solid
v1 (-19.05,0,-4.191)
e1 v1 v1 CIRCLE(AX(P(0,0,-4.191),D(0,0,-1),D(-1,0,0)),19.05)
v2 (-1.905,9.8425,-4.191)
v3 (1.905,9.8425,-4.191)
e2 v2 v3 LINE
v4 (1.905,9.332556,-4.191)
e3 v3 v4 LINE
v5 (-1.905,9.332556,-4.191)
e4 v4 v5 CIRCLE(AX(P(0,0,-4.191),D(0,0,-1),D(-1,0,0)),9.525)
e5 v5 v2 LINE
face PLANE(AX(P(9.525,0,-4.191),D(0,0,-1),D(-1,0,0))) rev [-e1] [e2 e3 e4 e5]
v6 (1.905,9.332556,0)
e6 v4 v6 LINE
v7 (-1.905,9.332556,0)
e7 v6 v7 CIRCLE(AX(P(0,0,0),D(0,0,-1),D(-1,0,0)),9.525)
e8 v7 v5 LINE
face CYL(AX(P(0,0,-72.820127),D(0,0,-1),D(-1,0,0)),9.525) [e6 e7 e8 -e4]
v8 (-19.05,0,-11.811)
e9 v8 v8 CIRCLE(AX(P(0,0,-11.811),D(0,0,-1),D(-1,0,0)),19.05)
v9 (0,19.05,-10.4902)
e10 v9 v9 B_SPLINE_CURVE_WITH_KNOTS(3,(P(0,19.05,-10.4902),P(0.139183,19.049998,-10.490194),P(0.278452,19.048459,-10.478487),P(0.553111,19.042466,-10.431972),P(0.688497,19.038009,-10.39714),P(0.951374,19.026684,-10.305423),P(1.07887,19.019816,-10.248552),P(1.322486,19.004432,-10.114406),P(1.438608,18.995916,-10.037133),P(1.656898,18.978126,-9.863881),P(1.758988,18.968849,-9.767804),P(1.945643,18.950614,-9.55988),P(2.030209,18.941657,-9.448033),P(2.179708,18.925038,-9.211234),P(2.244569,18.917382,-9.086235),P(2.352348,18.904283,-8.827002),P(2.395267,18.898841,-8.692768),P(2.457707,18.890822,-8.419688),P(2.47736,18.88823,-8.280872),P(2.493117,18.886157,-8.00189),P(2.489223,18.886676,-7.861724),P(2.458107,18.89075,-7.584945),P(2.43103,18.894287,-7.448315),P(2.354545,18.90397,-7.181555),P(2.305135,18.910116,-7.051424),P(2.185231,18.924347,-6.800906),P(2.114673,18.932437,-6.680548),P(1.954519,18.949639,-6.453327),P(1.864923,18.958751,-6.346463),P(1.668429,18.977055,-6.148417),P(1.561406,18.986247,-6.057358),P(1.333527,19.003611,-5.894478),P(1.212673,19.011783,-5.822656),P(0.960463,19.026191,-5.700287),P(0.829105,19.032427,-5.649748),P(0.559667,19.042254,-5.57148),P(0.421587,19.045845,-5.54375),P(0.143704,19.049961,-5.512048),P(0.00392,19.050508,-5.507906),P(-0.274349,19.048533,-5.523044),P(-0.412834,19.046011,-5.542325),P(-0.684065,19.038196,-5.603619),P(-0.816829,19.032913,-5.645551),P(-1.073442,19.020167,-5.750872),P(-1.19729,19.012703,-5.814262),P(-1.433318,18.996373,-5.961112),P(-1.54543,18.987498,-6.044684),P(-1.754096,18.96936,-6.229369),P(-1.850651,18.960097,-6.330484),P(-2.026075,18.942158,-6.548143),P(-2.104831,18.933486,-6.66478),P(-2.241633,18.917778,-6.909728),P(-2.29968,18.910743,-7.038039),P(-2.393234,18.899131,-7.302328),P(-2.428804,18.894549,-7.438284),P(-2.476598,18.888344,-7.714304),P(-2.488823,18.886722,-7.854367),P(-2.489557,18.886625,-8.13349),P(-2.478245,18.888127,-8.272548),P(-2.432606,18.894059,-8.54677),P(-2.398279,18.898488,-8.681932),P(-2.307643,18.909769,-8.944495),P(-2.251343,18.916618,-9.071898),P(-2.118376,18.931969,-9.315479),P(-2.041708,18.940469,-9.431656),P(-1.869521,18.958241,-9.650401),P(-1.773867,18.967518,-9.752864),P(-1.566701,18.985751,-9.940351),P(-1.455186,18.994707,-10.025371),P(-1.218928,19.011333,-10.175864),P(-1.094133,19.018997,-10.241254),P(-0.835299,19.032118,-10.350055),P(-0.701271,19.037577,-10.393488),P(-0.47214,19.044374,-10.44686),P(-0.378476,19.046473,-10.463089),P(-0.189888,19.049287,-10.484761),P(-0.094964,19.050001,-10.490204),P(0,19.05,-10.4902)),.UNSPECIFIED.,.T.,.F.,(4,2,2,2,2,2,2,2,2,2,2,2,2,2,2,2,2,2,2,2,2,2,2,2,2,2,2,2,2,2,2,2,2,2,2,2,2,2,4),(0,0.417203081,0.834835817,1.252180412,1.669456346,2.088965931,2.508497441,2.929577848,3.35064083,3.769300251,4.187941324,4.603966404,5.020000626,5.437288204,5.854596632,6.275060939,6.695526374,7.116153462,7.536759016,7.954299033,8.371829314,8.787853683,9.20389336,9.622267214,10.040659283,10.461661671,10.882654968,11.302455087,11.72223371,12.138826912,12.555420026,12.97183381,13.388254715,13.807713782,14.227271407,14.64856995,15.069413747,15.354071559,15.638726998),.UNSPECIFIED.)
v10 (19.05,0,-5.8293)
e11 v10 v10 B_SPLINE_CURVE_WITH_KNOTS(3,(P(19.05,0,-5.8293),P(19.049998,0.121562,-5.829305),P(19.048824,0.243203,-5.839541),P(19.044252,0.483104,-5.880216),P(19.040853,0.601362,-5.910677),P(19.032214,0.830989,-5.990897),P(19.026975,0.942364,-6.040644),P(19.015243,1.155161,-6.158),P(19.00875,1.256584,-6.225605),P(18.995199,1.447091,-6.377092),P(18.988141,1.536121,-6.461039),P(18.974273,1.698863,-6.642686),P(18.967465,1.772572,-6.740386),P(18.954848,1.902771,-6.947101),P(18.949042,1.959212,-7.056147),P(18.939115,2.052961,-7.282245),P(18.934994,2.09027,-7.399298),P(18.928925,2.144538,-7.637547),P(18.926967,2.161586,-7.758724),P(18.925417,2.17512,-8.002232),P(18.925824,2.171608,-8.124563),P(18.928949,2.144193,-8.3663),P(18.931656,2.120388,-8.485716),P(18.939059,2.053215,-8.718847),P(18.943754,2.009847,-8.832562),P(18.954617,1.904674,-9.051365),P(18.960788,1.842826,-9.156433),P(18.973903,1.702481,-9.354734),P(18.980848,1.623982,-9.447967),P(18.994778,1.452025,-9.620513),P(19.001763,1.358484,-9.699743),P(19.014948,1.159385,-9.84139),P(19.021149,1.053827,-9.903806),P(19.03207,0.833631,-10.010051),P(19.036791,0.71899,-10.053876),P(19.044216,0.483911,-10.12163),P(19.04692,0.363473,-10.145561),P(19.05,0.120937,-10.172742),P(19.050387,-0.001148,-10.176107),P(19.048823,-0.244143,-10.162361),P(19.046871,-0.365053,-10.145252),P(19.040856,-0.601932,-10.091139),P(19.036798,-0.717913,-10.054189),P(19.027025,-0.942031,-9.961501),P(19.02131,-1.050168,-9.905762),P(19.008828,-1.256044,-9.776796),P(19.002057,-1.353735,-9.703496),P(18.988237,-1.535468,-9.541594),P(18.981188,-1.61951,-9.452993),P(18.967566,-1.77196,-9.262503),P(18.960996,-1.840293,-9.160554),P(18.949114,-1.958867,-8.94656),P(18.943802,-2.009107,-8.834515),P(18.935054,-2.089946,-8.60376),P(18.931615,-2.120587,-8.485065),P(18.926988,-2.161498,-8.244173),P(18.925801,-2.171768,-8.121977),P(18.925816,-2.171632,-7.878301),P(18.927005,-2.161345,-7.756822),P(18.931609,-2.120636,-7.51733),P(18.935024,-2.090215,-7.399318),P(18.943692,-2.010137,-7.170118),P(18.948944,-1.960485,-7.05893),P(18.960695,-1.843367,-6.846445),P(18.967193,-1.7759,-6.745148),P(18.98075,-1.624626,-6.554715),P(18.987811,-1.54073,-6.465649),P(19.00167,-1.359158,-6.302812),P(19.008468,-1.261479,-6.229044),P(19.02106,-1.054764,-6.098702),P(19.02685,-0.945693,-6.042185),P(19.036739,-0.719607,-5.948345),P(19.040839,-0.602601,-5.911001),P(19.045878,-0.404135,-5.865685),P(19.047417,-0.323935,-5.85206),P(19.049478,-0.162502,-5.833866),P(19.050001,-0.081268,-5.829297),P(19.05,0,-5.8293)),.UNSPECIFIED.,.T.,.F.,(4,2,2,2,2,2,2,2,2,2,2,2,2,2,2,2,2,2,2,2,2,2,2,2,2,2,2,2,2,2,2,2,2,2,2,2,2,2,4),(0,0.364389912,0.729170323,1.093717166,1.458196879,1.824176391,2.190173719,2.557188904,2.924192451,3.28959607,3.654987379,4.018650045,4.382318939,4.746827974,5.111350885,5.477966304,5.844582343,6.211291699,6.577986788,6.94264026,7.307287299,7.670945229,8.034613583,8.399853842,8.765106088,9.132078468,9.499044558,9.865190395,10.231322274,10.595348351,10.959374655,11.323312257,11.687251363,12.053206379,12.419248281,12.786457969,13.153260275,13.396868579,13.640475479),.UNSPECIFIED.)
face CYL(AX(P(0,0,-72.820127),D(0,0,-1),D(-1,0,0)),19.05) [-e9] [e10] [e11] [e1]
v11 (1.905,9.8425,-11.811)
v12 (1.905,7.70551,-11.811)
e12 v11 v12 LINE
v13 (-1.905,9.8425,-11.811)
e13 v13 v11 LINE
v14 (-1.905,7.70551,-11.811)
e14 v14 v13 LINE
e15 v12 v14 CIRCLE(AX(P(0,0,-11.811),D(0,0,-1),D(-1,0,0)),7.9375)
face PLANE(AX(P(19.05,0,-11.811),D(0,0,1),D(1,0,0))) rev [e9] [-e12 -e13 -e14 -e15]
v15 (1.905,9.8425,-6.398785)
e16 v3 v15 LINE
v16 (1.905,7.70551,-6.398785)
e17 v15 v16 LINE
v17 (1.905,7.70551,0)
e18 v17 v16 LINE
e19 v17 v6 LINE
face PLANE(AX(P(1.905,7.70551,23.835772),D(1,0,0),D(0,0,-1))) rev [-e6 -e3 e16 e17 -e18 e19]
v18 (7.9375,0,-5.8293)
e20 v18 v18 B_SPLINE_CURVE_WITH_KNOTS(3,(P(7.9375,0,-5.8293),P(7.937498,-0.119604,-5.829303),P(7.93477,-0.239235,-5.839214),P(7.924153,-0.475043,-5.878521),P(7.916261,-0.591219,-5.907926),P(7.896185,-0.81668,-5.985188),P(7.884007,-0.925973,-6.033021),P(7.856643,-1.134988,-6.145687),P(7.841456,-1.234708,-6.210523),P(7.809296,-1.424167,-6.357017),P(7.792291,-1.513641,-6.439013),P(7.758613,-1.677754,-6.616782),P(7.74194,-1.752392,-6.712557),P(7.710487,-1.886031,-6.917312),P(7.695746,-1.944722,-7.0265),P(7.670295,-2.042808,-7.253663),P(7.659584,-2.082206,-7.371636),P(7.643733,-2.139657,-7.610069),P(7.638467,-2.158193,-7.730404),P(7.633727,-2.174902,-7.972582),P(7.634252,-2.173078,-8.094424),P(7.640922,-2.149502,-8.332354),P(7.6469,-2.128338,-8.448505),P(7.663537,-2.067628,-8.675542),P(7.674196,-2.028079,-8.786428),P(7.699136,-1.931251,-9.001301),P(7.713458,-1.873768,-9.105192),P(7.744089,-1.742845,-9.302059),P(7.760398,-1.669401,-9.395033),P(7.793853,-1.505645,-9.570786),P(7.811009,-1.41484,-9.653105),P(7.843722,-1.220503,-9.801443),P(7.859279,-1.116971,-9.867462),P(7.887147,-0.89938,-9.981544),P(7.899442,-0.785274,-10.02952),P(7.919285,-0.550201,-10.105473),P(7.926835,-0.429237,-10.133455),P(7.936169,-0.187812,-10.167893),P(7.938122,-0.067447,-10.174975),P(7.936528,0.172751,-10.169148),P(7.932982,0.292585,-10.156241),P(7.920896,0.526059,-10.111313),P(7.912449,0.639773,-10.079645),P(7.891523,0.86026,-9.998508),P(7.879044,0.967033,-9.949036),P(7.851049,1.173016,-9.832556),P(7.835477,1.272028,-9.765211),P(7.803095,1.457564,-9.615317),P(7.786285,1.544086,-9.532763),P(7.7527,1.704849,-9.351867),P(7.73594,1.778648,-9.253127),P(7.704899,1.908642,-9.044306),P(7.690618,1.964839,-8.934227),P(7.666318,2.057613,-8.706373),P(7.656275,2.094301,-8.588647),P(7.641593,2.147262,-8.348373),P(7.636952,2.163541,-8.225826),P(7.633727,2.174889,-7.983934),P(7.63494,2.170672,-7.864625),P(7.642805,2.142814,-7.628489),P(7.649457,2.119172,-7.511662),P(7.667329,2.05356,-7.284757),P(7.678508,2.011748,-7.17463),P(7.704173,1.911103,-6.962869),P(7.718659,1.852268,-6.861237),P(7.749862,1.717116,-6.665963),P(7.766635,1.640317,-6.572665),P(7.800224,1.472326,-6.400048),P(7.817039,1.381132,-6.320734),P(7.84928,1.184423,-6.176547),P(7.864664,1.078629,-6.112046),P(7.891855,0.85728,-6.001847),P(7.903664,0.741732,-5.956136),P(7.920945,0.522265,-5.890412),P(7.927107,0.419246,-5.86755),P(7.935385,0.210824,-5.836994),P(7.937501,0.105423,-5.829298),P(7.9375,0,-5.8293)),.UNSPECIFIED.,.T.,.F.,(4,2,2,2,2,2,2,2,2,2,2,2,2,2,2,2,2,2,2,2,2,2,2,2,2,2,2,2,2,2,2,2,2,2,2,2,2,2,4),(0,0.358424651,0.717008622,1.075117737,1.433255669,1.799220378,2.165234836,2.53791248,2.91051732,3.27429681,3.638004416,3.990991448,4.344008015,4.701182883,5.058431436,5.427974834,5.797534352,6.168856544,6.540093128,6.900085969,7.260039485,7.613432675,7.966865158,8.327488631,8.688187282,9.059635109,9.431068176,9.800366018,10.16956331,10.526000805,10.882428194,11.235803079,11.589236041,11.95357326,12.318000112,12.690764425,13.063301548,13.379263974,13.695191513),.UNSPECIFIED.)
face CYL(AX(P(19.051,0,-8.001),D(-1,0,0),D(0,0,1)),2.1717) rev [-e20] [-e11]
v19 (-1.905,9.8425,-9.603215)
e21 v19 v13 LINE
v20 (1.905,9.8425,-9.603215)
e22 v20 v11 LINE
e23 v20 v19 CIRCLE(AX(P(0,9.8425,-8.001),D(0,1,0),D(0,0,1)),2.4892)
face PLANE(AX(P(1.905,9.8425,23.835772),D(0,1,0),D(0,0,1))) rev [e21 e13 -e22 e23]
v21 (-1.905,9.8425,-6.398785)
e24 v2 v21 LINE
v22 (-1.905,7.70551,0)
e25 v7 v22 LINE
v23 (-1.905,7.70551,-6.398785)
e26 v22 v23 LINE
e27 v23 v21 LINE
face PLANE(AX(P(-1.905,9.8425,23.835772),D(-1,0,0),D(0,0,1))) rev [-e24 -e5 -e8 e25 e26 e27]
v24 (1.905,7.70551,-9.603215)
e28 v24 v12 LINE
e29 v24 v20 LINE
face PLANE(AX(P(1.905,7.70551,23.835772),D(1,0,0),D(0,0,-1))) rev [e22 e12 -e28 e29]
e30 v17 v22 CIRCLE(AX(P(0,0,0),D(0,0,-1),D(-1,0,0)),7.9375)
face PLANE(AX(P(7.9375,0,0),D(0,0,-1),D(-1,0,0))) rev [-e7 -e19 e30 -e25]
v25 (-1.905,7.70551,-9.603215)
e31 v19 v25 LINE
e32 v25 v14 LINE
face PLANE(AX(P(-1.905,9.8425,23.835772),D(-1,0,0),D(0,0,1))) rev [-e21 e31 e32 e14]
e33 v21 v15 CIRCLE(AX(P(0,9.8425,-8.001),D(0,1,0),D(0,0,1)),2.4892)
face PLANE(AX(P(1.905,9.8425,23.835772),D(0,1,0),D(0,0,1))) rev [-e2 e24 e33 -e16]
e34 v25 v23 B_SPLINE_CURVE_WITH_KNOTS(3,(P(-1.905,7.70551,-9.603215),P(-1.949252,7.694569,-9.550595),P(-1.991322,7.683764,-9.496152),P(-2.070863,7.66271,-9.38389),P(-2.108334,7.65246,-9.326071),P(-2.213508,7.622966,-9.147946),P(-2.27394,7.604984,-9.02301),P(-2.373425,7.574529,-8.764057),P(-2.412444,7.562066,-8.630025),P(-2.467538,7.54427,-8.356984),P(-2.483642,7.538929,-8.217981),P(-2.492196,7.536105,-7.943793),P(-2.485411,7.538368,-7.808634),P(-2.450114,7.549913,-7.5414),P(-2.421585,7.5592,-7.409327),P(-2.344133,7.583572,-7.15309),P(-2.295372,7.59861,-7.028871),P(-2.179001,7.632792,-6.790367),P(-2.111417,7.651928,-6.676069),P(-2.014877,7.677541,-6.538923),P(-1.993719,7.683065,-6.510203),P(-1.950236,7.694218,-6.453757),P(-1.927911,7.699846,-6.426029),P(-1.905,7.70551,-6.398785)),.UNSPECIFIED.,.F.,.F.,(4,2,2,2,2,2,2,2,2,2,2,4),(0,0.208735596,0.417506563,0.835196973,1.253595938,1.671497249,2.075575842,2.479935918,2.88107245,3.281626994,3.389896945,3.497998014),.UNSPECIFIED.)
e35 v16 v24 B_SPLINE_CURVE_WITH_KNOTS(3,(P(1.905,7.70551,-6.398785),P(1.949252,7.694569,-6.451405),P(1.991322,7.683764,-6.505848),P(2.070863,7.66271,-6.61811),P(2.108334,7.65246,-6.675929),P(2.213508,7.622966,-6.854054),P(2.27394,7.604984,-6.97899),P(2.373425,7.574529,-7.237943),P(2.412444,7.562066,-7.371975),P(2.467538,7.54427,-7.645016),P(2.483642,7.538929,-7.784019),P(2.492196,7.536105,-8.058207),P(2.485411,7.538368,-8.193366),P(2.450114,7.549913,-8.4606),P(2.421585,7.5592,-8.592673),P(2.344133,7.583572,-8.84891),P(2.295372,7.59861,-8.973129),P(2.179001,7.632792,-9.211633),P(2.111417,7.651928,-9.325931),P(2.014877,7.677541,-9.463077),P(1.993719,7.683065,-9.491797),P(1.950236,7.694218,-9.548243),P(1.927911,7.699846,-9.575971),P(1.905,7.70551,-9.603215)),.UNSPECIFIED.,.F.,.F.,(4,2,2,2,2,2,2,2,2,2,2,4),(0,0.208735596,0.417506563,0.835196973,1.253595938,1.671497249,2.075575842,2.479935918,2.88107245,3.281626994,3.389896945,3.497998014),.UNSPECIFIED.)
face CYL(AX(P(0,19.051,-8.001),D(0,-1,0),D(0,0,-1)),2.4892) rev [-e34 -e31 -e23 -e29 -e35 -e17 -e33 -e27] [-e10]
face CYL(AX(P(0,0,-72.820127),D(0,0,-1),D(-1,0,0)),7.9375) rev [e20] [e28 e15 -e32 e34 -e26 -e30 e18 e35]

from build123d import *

# Parameters (mm, degrees)
EXTRUDE1_REACH      = 31.416
EXTRUDE2_REACH      = 31.416
EXTRUDE2_END_RADIUS = 19.05
SKETCH3_R           = 2.4892
EXTRUDE3_REACH      = 31.416
EXTRUDE3_END_RADIUS = 19.05
SKETCH4_R           = 2.1717


with BuildPart() as part:
    # Sketch1 → Revolve1 (revolve)
    with BuildSketch(Plane(origin=(0, 0, 0), x_dir=(1, 0, 0), z_dir=(0, 1, 0)), mode=Mode.PRIVATE) as revolve1_sk:
        Polygon((7.9375, 11.811), (7.9375, 0), (9.525, 0), (9.525, 4.191), (19.05, 4.191), (19.05, 11.811), align=None)
    revolve(revolve1_sk.sketch.rotate(Axis((0, 0, -72.820126568), (0, 0, 1)), 180), axis=Axis((0, 0, -72.820126568), (0, 0, 1)))

    # Extrude1: up to this face of the body (flat: up to its plane)
    extrude1_end = Plane(part.part.faces().sort_by_distance((8.206907684, 0, 0))[0])
    # Sketch2 → Extrude1 (cut, up to the picked face)
    with BuildSketch(Plane(origin=(0, 0, -11.811), x_dir=(-1, 0, 0), z_dir=(0, 0, -1)), mode=Mode.PRIVATE) as extrude1_sk1:
        with BuildLine():
            Line((1.905, 9.8425), (1.905, 7.705509798))
            ThreePointArc((1.905, 7.705509798), (0, -7.9375), (-1.905, 7.705509798))
            Line((-1.905, 7.705509798), (-1.905, 9.8425))
            Line((-1.905, 9.8425), (1.905, 9.8425))
        make_face()
    extrude1_tool1 = split(extrude(extrude1_sk1.sketch, amount=-EXTRUDE1_REACH, mode=Mode.PRIVATE), bisect_by=extrude1_end, keep=Keep.BOTH, mode=Mode.PRIVATE)
    add(extrude1_tool1.solids().sort_by(Axis((0, 0.325226, -11.811), (0, 0, 1)))[0], mode=Mode.SUBTRACT)

    # Extrude2: up to this cylinder (the profile starts inside it)
    extrude2_end = Plane(origin=(0, 0, -8.001), z_dir=(0, 0, -1)) * Cylinder(EXTRUDE2_END_RADIUS, 101.932, mode=Mode.PRIVATE)
    # Sketch3 → Extrude2 (cut, up to the surface)
    with BuildSketch(Plane(origin=(0, 0, 0), x_dir=(1, 0, 0), z_dir=(0, 1, 0)), mode=Mode.PRIVATE) as extrude2_sk1:
        with Locations(Location((0, 8.001, 0), (0, 0, 90))):
            Circle(SKETCH3_R)
    extrude2_tool1 = extrude(extrude2_sk1.sketch, amount=EXTRUDE2_REACH, mode=Mode.PRIVATE) & extrude2_end
    add(extrude2_tool1.solids().sort_by_distance((0, 0, -8.001))[0], mode=Mode.SUBTRACT)

    # Extrude3: up to this cylinder (the profile starts inside it)
    extrude3_end = Plane(origin=(0, 0, -8.001), z_dir=(0, 0, -1)) * Cylinder(EXTRUDE3_END_RADIUS, 101.932, mode=Mode.PRIVATE)
    # Sketch4 → Extrude3 (cut, up to the surface)
    with BuildSketch(Plane(origin=(0, 0, 0), x_dir=(0, 0, -1), z_dir=(1, 0, 0)), mode=Mode.PRIVATE) as extrude3_sk1:
        with Locations(Location((8.001, 0, 0), (0, 0, 180))):
            Circle(SKETCH4_R)
    extrude3_tool1 = extrude(extrude3_sk1.sketch, amount=EXTRUDE3_REACH, mode=Mode.PRIVATE) & extrude3_end
    add(extrude3_tool1.solids().sort_by_distance((0, 0, -8.001))[0], mode=Mode.SUBTRACT)


solid = part.part
